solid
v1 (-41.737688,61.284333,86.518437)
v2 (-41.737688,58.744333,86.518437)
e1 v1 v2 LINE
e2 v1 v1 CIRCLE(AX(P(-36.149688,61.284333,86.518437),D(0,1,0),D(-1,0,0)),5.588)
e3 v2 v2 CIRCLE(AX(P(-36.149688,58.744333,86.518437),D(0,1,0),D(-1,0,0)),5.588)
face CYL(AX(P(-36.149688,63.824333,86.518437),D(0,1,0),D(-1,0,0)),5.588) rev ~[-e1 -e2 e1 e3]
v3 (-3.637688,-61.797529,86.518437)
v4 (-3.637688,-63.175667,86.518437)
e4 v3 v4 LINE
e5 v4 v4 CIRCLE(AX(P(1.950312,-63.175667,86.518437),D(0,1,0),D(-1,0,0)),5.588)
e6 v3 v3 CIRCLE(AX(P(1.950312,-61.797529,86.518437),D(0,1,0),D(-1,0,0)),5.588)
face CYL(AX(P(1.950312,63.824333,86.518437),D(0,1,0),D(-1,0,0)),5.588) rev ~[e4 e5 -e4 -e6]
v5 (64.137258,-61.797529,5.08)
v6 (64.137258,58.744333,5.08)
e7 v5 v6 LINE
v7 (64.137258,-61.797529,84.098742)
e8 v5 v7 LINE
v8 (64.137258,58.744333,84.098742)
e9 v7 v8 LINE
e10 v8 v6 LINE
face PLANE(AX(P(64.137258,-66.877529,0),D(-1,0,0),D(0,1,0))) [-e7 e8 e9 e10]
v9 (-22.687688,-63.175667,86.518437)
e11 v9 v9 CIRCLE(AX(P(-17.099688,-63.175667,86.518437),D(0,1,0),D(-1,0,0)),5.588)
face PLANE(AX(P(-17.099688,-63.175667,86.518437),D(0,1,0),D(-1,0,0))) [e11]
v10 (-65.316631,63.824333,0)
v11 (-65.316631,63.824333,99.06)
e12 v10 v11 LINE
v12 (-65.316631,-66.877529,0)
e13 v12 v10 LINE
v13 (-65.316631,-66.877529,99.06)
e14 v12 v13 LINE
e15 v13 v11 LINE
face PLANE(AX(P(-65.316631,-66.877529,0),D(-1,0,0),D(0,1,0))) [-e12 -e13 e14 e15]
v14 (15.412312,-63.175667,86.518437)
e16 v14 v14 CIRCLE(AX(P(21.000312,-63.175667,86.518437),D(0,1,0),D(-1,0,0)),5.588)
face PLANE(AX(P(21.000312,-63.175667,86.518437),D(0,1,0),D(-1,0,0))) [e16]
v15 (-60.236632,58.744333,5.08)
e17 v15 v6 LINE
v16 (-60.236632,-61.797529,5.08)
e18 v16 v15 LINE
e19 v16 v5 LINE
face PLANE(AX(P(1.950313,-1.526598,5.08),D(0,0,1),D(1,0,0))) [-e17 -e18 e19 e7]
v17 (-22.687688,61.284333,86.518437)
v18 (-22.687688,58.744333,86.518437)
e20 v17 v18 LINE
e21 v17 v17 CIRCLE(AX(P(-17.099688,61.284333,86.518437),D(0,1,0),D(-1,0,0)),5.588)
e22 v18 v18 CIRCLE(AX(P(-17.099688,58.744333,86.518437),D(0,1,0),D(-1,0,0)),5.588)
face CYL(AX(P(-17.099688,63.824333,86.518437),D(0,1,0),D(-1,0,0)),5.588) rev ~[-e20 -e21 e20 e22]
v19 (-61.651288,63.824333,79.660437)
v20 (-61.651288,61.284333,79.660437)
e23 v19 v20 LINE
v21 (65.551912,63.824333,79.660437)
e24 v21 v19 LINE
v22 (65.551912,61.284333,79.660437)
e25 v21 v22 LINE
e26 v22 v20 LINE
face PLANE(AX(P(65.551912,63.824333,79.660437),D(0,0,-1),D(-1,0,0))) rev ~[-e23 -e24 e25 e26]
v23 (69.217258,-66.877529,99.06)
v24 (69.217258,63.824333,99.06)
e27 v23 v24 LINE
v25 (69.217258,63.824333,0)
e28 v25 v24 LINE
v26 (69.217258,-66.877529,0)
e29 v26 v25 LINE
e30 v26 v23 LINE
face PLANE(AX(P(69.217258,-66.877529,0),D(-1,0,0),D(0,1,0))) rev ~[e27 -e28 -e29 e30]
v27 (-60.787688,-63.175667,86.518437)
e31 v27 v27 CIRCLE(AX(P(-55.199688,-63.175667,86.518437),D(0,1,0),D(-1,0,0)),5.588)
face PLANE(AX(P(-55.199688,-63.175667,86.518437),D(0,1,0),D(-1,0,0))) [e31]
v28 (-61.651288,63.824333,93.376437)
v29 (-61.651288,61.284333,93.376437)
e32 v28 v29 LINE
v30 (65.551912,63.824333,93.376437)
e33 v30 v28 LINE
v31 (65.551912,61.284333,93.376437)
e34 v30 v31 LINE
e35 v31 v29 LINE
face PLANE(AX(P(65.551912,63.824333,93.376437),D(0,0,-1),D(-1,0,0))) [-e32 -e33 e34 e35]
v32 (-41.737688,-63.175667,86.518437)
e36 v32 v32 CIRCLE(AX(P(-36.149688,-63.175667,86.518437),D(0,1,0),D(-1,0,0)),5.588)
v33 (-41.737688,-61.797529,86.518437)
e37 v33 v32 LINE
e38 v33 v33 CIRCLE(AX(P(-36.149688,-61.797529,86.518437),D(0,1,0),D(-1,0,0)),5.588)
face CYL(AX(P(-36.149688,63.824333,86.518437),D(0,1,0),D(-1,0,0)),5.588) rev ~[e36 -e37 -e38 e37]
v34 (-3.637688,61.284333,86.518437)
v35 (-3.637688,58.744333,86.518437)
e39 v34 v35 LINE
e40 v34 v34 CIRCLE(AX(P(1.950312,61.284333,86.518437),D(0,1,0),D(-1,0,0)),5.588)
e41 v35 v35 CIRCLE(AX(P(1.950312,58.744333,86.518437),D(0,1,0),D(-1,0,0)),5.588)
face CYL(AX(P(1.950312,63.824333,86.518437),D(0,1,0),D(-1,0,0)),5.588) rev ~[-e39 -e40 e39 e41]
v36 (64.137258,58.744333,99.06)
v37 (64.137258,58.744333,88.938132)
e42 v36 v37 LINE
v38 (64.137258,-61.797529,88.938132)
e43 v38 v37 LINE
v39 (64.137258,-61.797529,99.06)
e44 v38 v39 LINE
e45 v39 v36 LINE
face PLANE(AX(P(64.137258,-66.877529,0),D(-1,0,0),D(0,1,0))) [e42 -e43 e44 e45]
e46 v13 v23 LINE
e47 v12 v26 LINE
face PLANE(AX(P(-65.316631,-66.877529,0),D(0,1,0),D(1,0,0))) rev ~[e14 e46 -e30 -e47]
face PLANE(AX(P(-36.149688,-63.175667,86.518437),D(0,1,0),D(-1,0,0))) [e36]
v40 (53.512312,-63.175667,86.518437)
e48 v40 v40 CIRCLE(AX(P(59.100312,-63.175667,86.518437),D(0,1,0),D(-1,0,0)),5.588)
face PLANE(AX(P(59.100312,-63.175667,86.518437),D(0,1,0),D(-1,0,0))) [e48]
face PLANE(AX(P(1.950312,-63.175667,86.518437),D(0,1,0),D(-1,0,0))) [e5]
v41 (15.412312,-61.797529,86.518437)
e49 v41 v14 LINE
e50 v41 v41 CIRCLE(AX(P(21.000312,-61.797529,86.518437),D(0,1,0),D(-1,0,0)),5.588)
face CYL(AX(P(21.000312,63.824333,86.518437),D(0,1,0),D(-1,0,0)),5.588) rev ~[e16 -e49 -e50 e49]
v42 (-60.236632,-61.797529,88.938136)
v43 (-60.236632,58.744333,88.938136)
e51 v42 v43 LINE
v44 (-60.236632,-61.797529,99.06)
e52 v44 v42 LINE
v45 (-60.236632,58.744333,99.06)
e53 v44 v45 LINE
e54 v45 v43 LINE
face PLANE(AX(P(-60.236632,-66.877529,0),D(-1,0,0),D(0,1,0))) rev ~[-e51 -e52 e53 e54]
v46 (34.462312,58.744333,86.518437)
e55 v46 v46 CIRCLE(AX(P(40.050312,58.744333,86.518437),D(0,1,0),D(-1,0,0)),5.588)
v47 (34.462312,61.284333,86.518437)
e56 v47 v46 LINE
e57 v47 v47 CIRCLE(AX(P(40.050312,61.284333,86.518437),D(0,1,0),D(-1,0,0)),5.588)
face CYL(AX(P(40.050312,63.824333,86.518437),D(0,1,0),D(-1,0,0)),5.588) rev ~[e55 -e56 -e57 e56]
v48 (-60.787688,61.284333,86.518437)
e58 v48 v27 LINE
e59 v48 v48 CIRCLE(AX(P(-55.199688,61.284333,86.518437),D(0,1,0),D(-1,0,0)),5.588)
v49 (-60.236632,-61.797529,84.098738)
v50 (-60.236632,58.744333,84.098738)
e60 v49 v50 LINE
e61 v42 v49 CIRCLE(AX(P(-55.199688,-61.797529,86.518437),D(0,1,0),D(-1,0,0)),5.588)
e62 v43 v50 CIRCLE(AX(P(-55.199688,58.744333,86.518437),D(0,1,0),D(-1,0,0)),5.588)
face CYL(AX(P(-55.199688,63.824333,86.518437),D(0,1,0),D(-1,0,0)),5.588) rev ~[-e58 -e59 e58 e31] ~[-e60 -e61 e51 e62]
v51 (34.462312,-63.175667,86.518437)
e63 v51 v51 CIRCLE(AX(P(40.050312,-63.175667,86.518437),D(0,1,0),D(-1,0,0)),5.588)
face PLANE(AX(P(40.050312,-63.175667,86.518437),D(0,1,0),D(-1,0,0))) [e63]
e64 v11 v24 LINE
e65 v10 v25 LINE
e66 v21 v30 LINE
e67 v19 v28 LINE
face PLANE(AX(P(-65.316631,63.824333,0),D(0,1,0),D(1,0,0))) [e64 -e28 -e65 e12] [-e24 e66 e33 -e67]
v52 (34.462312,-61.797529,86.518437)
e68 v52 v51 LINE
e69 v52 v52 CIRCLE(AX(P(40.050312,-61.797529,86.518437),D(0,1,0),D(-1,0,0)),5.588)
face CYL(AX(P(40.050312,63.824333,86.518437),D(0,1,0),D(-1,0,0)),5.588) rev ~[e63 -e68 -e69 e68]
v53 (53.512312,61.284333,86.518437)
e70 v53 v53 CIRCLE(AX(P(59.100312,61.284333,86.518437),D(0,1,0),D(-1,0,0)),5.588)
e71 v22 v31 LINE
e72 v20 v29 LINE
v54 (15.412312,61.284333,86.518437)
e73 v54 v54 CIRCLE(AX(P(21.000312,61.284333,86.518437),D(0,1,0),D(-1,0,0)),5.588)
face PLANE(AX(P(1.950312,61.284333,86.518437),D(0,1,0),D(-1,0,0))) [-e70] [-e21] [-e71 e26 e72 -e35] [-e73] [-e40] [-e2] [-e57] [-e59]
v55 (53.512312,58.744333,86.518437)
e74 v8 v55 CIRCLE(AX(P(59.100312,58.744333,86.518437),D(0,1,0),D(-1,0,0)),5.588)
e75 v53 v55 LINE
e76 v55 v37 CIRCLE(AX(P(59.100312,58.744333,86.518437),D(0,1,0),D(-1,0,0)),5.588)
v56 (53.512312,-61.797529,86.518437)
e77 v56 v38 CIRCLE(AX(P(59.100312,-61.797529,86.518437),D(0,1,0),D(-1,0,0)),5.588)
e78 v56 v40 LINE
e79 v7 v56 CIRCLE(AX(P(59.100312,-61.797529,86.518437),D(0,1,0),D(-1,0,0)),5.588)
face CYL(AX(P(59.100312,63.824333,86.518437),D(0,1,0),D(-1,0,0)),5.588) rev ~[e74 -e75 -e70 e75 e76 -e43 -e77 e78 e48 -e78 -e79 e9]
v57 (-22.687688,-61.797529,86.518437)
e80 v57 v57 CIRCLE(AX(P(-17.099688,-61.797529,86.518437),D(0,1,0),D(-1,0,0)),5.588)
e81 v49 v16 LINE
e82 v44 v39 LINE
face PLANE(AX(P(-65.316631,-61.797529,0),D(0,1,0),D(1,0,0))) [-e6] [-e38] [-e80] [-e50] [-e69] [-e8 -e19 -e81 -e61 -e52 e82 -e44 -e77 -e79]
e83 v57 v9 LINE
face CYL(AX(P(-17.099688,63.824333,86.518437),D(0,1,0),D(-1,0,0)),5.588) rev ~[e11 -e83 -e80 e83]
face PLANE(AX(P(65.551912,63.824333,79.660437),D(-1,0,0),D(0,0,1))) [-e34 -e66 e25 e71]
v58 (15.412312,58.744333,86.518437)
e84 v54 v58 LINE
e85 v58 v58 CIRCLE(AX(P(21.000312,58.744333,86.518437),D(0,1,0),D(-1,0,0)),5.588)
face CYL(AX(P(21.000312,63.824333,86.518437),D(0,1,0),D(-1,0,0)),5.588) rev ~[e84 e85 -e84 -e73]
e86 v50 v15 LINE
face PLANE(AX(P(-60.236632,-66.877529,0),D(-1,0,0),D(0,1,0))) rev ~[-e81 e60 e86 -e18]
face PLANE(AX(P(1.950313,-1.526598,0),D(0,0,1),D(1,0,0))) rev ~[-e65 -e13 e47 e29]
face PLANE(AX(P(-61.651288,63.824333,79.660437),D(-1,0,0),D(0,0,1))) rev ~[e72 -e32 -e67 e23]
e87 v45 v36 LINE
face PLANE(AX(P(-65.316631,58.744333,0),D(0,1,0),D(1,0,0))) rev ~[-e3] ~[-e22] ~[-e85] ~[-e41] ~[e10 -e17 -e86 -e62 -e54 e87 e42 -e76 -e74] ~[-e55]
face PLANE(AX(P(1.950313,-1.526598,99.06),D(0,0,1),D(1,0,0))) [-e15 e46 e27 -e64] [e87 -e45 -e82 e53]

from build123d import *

# Parameters (mm, degrees)
F0_W     = 134.533889
F0_H     = 130.701862
F1_DEPTH = 99.06
F2_T     = -5.08
F3_R     = 5.588
F4_DEPTH = 127
F5_W     = 127.2032
F5_H     = 13.716
F5_R     = 5.588
F6_DEPTH = 2.54


with BuildPart() as f1:
    # F0 (on Top) → F1 (new body)
    with BuildSketch(Plane.XY):
        with Locations((1.950313, -1.526598)):
            Rectangle(F0_W, F0_H)
    extrude(amount=F1_DEPTH)

    # F2
    f2_openings = [f1.faces().sort_by_distance(p)[0] for p in [
        (1.950312, -1.526598, 99.06),
    ]]
    offset(amount=F2_T, openings=f2_openings)

    # F3 (on face) → F4 (cut)
    with BuildSketch(Plane(origin=(0, 63.824333, 0), x_dir=(-1, 0, 0), z_dir=(0, 1, 0))):
        with Locations((-1.950312, 86.518437)):
            Circle(F3_R)
        with Locations((-21.000312, 86.518437)):
            Circle(F3_R)
        with Locations((-40.050312, 86.518437)):
            Circle(F3_R)
        with Locations((-59.100312, 86.518437)):
            Circle(F3_R)
        with Locations((17.099688, 86.518437)):
            Circle(F3_R)
        with Locations((36.149688, 86.518437)):
            Circle(F3_R)
        with Locations((55.199688, 86.518437)):
            Circle(F3_R)
    extrude(amount=-F4_DEPTH, mode=Mode.SUBTRACT)

    # F5 (on face) → F6 (cut)
    with BuildSketch(Plane(origin=(0, 63.824333, 0), x_dir=(-1, 0, 0), z_dir=(0, 1, 0))):
        with Locations((-1.950312, 86.518437)):
            Rectangle(F5_W, F5_H)
        with Locations((-1.950312, 86.518437)):
            Circle(F5_R, mode=Mode.SUBTRACT)
    extrude(amount=-F6_DEPTH, mode=Mode.SUBTRACT)


solid = f1.part
